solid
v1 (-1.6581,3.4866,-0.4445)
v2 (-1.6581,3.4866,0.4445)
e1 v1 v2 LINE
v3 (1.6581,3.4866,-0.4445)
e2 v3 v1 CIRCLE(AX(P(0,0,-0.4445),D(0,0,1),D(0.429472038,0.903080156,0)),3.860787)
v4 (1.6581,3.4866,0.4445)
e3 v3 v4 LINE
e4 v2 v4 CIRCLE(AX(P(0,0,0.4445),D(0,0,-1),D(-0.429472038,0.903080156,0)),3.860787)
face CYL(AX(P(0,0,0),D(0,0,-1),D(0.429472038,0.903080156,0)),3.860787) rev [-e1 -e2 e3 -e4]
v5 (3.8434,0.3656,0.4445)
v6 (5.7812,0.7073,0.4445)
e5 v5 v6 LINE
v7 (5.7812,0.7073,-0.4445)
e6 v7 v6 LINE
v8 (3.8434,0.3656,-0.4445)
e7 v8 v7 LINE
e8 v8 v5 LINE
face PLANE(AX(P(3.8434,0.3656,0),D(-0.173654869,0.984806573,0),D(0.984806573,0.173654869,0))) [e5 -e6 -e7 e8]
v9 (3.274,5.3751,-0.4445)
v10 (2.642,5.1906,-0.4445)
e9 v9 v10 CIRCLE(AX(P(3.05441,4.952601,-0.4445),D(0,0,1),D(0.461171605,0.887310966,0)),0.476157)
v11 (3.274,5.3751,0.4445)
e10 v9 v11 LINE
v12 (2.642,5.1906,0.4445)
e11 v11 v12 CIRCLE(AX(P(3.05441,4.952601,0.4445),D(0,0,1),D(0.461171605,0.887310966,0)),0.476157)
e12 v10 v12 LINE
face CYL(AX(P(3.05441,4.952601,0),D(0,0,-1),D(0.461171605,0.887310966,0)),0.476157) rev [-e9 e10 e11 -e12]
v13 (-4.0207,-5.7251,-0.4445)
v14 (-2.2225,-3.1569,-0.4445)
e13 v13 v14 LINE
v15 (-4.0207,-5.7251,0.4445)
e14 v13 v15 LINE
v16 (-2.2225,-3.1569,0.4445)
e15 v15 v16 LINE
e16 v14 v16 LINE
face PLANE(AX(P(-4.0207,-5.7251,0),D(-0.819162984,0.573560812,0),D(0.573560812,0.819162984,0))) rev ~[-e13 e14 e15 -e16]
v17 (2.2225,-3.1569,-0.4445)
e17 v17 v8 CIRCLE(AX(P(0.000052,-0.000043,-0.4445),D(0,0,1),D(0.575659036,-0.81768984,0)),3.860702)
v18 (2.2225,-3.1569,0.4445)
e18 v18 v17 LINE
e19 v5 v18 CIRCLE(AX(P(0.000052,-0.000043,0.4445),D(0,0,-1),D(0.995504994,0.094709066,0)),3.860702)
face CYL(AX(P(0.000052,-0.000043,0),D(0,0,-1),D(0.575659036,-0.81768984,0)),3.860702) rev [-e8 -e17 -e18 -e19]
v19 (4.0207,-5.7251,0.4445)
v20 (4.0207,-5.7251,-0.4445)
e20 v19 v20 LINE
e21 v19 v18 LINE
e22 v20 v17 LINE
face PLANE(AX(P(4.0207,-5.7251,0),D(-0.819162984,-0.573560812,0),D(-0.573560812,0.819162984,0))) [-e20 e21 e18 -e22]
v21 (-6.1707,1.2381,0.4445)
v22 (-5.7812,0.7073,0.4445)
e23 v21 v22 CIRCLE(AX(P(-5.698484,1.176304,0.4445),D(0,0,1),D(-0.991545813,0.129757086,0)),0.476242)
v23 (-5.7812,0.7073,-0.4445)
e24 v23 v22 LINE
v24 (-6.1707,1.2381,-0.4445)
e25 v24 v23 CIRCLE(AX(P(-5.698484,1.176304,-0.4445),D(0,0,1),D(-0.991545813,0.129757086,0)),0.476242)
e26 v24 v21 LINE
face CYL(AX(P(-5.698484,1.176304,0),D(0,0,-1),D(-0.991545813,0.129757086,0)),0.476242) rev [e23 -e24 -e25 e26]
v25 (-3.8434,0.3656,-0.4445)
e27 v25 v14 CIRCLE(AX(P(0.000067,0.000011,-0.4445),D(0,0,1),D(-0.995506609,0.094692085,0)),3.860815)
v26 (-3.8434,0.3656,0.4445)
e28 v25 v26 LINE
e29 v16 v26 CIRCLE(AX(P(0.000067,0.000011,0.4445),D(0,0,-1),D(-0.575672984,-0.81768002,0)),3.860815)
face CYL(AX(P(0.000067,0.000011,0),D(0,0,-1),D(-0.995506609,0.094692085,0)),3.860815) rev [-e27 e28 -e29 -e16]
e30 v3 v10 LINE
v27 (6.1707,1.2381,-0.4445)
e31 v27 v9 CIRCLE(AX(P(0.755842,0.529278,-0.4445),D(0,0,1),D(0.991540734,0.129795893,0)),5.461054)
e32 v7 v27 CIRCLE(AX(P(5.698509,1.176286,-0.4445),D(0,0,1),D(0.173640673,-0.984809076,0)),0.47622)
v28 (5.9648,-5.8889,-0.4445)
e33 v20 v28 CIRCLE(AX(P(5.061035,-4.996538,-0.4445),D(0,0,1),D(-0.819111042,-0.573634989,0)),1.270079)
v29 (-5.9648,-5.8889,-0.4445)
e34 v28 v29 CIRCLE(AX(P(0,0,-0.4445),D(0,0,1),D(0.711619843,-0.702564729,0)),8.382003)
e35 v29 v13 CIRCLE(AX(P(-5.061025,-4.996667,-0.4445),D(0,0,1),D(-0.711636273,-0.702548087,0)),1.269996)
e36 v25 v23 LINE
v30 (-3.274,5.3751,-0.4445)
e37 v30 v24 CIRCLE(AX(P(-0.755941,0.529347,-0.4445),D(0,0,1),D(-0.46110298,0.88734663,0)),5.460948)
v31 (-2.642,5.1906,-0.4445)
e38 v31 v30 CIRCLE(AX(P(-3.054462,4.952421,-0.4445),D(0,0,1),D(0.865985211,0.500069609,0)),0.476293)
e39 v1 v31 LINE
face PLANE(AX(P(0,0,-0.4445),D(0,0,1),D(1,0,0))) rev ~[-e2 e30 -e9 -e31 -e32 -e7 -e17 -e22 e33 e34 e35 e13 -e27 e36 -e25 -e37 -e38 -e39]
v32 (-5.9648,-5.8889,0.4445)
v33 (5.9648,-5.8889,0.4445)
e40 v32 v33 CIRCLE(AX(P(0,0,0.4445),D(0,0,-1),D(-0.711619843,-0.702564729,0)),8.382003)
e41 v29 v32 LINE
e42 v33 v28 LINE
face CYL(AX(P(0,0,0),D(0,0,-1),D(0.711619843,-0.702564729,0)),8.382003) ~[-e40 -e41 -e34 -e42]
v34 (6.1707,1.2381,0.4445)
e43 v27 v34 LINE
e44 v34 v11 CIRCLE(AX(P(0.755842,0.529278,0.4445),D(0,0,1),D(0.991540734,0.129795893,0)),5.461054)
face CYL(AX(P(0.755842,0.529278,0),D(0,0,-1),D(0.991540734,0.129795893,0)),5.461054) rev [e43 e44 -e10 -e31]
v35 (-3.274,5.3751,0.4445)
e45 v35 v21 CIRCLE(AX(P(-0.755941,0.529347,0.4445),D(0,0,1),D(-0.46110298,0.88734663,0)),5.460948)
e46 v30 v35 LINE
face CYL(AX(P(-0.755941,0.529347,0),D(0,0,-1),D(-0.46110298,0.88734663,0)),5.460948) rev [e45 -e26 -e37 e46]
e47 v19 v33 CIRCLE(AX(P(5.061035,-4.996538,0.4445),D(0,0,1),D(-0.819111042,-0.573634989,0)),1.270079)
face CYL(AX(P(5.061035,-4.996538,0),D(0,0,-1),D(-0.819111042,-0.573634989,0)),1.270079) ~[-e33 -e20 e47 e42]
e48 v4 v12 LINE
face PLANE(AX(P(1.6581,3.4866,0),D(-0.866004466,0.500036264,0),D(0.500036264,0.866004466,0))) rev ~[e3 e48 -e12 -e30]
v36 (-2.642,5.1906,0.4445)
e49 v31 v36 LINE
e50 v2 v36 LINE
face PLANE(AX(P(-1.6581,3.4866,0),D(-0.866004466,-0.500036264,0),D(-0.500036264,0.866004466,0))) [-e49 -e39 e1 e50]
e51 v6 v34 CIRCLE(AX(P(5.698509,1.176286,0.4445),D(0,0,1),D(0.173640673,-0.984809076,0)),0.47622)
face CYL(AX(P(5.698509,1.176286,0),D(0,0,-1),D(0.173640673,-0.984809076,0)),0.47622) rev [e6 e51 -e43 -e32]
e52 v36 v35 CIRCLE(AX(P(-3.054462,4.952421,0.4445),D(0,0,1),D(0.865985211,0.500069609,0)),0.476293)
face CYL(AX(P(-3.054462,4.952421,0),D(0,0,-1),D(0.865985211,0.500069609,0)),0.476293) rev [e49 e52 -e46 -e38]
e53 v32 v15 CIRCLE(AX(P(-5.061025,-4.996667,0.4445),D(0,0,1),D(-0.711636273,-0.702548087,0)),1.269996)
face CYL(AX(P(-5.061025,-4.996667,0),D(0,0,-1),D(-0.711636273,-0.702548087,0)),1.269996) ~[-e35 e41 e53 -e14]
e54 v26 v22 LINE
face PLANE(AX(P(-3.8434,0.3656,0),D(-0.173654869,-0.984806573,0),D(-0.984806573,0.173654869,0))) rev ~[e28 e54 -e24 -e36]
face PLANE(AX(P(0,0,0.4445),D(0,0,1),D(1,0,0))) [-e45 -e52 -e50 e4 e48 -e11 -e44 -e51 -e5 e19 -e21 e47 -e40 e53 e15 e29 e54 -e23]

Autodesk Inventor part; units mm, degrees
ref_plane "YZ Plane" through (0, 0, 0) normal (1, 0, 0) x (0, 1, 0)
ref_plane "XZ Plane" through (0, 0, 0) normal (0, 1, 0) x (-1, 0, 0)
ref_plane "XY Plane" through (0, 0, 0) normal (0, 0, 1) x (1, 0, 0)
sketch "Sketch1" plane through (0, 0, 0) normal (0, 0, 1) x (1, 0, 0)
  line L0 (-11.7348, 0) -> (11.7348, 0) projected
  line L1 (0, -9.2893) -> (0, 11.3272) projected
  arc A0 (5.9648, -5.8889) -> (-5.9648, -5.8889) centre (0, 0) ccw
  arc A1 (-5.9648, -5.8889) -> (-4.0207, -5.7251) centre (-5.061, -4.9966) ccw
  arc A2 (4.0207, -5.7251) -> (5.9648, -5.8889) centre (5.061, -4.9966) ccw
  line L2 (0, 0) -> (-6.8661, 4.8077) construction
  line L3 (0, 0) -> (6.8661, 4.8077) construction
  line L4 (4.0207, -5.7251) -> (2.2225, -3.1569)
  line L5 (-4.0207, -5.7251) -> (-2.2225, -3.1569)
  line L6 (1.6581, 3.4866) -> (2.642, 5.1906)
  line L7 (-1.6581, 3.4866) -> (-2.642, 5.1906)
  line L8 (-3.8434, 0.3656) -> (-5.7812, 0.7073)
  line L9 (3.8434, 0.3656) -> (5.7812, 0.7073)
  arc A3 (-3.274, 5.3751) -> (-6.1707, 1.2381) centre (-0.7559, 0.5293) ccw
  arc A4 (6.1707, 1.2381) -> (3.274, 5.3751) centre (0.7559, 0.5293) ccw
  arc A5 (-2.642, 5.1906) -> (-3.274, 5.3751) centre (-3.0544, 4.9525) ccw
  arc A6 (-6.1707, 1.2381) -> (-5.7812, 0.7073) centre (-5.6985, 1.1763) ccw
  arc A7 (3.274, 5.3751) -> (2.642, 5.1906) centre (3.0544, 4.9525) ccw
  arc A8 (5.7812, 0.7073) -> (6.1707, 1.2381) centre (5.6985, 1.1763) ccw
  arc A9 (-3.8434, 0.3656) -> (-2.2225, -3.1569) centre (0, 0) ccw
  arc A10 (2.2225, -3.1569) -> (3.8434, 0.3656) centre (0, 0) ccw
  arc A11 (1.6581, 3.4866) -> (-1.6581, 3.4866) centre (0, 0) ccw
  point P0 (2.8602, 5.5686)
  point P1 (-2.8602, 5.5686)
  point P2 (-6.211, 0.7831)
  point P3 (6.211, 0.7831)
  dimension "d19" = 1.27
  dimension "d30" = 8.382
  dimension "d35" = 35
  dimension "d36" = 35
  dimension "d37" = 4.445
  dimension "d38" = 30
  dimension "d39" = 2.4041
  dimension "d40" = 0.4763
  dimension "d41" = 3.8608
  dimension "d42" = 3.8608
  dimension "d43" = 3.8608
  dimension "d45" = 3.81
  dimension "d46" = 5.461
extrude "Extrusion2" add sketch "Sketch1" along normal mid plane 0.889 contours A0 L1 A11 L7 A5 A3 A6 L8 A9 L0 | L0 A9 L5 A1 A0 | A0 L0 A10 L9 A8 A4 A7 L6 A11 L1 | A0 A2 L4 A10 L0
properties part number "e-clip" material "Steel, Mild"
